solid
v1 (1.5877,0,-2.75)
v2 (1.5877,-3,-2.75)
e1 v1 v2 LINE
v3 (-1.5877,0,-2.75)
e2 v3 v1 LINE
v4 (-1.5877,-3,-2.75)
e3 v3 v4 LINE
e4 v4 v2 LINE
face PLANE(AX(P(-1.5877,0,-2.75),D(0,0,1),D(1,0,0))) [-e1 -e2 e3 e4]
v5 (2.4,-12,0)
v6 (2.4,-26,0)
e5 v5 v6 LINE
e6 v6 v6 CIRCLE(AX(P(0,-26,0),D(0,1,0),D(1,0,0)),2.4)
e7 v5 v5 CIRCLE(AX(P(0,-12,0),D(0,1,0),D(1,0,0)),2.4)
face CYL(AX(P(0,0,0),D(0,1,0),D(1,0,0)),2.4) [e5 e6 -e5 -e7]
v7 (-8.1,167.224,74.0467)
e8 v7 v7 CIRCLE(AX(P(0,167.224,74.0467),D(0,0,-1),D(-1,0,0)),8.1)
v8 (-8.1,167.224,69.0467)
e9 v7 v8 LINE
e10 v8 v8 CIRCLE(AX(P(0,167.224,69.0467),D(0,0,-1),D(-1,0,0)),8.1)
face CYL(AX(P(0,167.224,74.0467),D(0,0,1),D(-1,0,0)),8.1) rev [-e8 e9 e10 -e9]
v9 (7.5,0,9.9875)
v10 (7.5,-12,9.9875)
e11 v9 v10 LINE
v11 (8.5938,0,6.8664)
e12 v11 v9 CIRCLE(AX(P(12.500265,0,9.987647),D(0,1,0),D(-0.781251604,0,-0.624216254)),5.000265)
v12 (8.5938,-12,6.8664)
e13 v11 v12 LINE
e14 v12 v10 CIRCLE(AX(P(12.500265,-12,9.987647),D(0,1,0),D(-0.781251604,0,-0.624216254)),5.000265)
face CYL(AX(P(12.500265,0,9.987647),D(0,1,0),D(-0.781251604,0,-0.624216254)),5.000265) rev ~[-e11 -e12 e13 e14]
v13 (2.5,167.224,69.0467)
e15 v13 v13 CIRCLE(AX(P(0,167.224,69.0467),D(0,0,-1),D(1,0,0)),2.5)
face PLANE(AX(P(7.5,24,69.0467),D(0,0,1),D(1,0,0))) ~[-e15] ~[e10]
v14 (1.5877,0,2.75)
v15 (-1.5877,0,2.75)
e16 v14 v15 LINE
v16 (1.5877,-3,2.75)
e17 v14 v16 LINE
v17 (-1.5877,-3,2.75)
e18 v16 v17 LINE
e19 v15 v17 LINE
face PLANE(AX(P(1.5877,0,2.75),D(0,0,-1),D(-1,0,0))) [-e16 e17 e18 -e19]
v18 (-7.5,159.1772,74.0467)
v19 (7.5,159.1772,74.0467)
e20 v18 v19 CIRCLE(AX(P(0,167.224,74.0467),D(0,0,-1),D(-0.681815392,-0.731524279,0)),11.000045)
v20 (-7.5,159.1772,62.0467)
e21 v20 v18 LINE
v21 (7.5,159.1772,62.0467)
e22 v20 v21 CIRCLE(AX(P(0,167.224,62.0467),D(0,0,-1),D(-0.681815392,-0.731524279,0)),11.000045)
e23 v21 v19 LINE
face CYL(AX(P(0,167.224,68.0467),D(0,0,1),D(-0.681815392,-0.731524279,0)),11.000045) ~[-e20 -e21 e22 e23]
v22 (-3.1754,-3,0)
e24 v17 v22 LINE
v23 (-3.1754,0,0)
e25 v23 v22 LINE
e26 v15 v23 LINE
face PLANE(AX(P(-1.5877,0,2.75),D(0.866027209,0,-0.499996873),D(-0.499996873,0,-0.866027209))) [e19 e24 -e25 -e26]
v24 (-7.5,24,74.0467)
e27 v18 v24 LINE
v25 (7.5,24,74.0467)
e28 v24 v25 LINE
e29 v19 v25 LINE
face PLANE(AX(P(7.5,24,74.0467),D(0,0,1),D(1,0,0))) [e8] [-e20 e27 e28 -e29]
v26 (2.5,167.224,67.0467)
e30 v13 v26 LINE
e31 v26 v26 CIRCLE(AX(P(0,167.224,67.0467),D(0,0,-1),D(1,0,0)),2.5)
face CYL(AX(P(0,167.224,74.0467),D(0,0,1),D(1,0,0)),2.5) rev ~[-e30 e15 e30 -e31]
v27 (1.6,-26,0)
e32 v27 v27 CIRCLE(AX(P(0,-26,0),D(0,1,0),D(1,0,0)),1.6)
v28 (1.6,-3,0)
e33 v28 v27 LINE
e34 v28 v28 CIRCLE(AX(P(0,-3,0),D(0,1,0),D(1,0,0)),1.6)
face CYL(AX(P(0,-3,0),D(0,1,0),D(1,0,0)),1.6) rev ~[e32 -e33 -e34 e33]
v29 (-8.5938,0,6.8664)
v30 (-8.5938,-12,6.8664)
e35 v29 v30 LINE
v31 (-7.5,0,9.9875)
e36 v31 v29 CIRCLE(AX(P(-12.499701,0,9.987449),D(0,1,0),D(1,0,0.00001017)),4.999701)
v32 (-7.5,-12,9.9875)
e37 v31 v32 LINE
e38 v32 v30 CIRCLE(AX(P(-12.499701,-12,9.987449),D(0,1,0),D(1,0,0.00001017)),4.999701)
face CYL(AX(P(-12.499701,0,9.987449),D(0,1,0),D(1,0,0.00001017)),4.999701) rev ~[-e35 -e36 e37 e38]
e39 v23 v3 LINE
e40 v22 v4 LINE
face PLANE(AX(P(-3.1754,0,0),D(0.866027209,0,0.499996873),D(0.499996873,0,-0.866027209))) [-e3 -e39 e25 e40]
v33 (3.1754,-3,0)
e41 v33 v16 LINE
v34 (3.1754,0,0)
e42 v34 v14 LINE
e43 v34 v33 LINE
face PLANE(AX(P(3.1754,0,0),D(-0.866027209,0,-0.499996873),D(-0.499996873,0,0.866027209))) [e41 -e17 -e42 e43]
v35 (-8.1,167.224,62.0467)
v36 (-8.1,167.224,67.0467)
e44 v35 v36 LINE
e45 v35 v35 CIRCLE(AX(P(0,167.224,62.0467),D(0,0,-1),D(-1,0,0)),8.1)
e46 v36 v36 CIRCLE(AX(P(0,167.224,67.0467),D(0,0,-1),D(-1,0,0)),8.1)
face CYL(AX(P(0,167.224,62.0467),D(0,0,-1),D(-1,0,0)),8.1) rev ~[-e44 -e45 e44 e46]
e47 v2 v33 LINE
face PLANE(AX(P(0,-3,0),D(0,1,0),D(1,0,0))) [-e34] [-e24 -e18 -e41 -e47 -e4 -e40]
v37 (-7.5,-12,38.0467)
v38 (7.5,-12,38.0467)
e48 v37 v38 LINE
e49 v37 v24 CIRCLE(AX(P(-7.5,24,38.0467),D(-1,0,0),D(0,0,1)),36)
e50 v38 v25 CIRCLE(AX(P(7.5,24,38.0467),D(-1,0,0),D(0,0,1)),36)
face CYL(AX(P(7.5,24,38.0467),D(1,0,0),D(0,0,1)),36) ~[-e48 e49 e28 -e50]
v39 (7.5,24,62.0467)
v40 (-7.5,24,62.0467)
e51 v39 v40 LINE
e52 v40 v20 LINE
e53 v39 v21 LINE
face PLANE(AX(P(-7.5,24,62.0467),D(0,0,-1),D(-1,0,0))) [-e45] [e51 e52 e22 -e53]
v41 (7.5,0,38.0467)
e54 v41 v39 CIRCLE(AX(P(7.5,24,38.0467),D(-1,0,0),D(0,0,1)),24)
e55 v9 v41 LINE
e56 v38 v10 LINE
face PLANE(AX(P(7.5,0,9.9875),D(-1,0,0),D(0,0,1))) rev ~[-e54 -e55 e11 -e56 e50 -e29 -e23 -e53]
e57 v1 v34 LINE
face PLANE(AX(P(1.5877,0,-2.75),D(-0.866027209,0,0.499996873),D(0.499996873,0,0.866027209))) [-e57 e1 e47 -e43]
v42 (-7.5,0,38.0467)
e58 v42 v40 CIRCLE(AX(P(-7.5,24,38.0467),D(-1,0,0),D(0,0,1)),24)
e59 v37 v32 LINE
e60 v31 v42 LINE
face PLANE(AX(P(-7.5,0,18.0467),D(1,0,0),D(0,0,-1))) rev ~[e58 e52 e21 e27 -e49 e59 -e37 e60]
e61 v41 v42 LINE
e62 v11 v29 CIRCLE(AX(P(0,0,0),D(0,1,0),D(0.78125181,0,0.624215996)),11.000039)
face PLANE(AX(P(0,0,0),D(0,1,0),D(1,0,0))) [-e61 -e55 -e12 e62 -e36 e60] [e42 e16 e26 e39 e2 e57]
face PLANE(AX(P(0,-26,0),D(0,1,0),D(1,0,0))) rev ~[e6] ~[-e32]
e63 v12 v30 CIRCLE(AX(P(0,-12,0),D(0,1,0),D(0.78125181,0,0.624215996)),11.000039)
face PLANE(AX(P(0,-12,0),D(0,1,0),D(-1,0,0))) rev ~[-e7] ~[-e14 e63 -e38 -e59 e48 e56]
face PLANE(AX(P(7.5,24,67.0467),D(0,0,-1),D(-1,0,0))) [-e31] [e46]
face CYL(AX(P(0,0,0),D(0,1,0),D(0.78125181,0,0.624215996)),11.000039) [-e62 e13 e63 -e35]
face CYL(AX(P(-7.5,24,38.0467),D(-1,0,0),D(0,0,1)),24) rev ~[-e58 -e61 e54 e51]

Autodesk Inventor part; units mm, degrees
ref_plane "YZ Plane" through (0, 0, 0) normal (1, 0, 0) x (0, 1, 0)
ref_plane "XZ Plane" through (0, 0, 0) normal (0, 1, 0) x (-1, 0, 0)
sketch "Sketch1" plane through (0, 0, 0) normal (0, 1, 0) x (-1, 0, 0)
  arc A0 (-8.5938, 6.8664) -> (8.5938, 6.8664) centre (0, 0) ccw
  line L0 (-7.5, 9.9875) -> (-7.5, 18.0467)
  line L1 (7.5, 18.0467) -> (7.5, 9.9875)
  line L2 (7.5, 18.0467) -> (-7.5, 18.0467)
  arc A1 (7.5, 9.9875) -> (8.5938, 6.8664) centre (12.5, 9.9875) ccw
  arc A2 (-8.5938, 6.8664) -> (-7.5, 9.9875) centre (-12.5, 9.9875) ccw
  point P0 (7.5, 8.0467)
  point P1 (-7.5, 8.0467)
  point P2 (0, 8.0467)
  point P3 (0, 18.0467)
  dimension "d0" = 22
  dimension "d109" = 5
  dimension "d129" = 15
  dimension "d131" = 10
extrude "Extrusion1" add sketch "Sketch1" against normal blind 12
sketch "Sketch22" plane through (-7.5, 0, 18.0467) normal (0, 0, 1) x (1, 0, 0)
  line L0 (0, 0) -> (0, -12) projected
  line L1 (15, -12) -> (0, -12) projected
  line L2 (0, 0) -> (15, 0)
  line L3 (15, 0) -> (15, -12)
  line L4 (15, -12) -> (0, -12)
  line L5 (0, -12) -> (0, 0)
  point P0 (7.5, 0)
sketch "Sketch23" plane through (0, 0, 0) normal (1, 0, 0) x (0, 1, 0)
  line L0 (0, 18.0467) -> (-12, 18.0467) projected
  line L1 (-6, 18.0467) -> (-6, 38.0467)
  line L2 (24, 68.0467) -> (155.224, 68.0467)
  arc A0 (24, 68.0467) -> (-6, 38.0467) centre (24, 38.0467) ccw
  point P0 (0, 0)
  point P1 (-6, 68.0467)
  dimension "d110" = 50
  dimension "d111" = 161.224
  dimension "d112" = 90
  dimension "d113" = 30
sweep "Sweep2" add profiles "Sketch22" path "Sketch23" path curves L1 A0 L2
ref_plane "Work Plane11" through (7.5, 24, 68.0467) normal (0, 0, -1) x (-1, 0, 0)
sketch "Sketch24" plane through (7.5, 24, 68.0467) normal (0, 0, -1) x (-1, 0, 0)
  line L0 (0, 131.224) -> (15, 131.224)
  line L1 (0, 131.224) -> (15, 131.224)
  line L2 (0, 131.224) -> (0, 135.1772)
  line L3 (15, 131.224) -> (15, 135.1772)
  arc A0 (15, 135.1772) -> (0, 135.1772) centre (7.5, 143.224) ccw
  point P0 (7.5, -24)
  point P1 (7.5, 131.224)
  point P2 (7.5, 131.224)
  dimension "d142" = 22
  dimension "d143" = 12
extrude "Extrusion17" add sketch "Sketch24" along normal mid plane 12
sketch "Sketch25" plane through (-7.5, 24, 74.0467) normal (0, 0, 1) x (1, 0, 0)
  circle A0 centre (7.5, 143.224) radius 2.5
  arc A1 (15, 135.1772) -> (0, 135.1772) centre (7.5, 143.224) ccw projected
  point P0 (7.5, -24)
  point P1 (22.3607, 44.2893)
  point P2 (7.3607, 44.2893)
  dimension "d123" = 5
extrude "Extrusion18" cut sketch "Sketch25" against normal through all
sketch "Sketch27" plane through (0, 0, 0) normal (0, 1, 0) x (1, 0, 0)
  arc A0 (8.5938, -6.8664) -> (-8.5938, -6.8664) centre (0, 0) ccw projected
  circle A1 centre (0, 0) radius 2.4
  dimension "d136" = 4.8
extrude "Extrusion20" add sketch "Sketch27" against normal blind 26
sketch "Sketch29" plane through (7.5, 24, 62.0467) normal (0, 0, -1) x (-1, 0, 0)
  circle A0 centre (7.5, 143.224) radius 2.5 projected
  circle A1 centre (7.5, 143.224) radius 8.1
  point P0 (7.5, -24)
  dimension "d144" = 16.2
extrude "Extrusion22" cut sketch "Sketch29" against normal blind 5
mirror "Mirror2" about plane through (7.5, 24, 68.0467) normal (0, 0, -1) of "Extrusion22"
sketch "Sketch30" plane through (0, 0, 0) normal (0, 1, 0) x (1, 0, 0)
  line L0 (3.1754, 0) -> (1.5877, -2.75)
  line L1 (1.5877, -2.75) -> (-1.5877, -2.75)
  line L2 (-1.5877, -2.75) -> (-3.1754, 0)
  line L3 (-3.1754, 0) -> (-1.5877, 2.75)
  line L4 (-1.5877, 2.75) -> (1.5877, 2.75)
  line L5 (1.5877, 2.75) -> (3.1754, 0)
  point P0 (0, 0)
  point P1 (0, 0)
  point P2 (0, 0)
  dimension "d148" = 5.5
extrude "Extrusion23" cut sketch "Sketch30" against normal blind 3
sketch "Sketch31" plane through (0, -3, 0) normal (0, 1, 0) x (1, 0, 0)
  circle A0 centre (0, 0) radius 1.6
  dimension "d151" = 3.2
extrude "Extrusion24" cut sketch "Sketch31" against normal through all
properties part number "distal_link_1"
